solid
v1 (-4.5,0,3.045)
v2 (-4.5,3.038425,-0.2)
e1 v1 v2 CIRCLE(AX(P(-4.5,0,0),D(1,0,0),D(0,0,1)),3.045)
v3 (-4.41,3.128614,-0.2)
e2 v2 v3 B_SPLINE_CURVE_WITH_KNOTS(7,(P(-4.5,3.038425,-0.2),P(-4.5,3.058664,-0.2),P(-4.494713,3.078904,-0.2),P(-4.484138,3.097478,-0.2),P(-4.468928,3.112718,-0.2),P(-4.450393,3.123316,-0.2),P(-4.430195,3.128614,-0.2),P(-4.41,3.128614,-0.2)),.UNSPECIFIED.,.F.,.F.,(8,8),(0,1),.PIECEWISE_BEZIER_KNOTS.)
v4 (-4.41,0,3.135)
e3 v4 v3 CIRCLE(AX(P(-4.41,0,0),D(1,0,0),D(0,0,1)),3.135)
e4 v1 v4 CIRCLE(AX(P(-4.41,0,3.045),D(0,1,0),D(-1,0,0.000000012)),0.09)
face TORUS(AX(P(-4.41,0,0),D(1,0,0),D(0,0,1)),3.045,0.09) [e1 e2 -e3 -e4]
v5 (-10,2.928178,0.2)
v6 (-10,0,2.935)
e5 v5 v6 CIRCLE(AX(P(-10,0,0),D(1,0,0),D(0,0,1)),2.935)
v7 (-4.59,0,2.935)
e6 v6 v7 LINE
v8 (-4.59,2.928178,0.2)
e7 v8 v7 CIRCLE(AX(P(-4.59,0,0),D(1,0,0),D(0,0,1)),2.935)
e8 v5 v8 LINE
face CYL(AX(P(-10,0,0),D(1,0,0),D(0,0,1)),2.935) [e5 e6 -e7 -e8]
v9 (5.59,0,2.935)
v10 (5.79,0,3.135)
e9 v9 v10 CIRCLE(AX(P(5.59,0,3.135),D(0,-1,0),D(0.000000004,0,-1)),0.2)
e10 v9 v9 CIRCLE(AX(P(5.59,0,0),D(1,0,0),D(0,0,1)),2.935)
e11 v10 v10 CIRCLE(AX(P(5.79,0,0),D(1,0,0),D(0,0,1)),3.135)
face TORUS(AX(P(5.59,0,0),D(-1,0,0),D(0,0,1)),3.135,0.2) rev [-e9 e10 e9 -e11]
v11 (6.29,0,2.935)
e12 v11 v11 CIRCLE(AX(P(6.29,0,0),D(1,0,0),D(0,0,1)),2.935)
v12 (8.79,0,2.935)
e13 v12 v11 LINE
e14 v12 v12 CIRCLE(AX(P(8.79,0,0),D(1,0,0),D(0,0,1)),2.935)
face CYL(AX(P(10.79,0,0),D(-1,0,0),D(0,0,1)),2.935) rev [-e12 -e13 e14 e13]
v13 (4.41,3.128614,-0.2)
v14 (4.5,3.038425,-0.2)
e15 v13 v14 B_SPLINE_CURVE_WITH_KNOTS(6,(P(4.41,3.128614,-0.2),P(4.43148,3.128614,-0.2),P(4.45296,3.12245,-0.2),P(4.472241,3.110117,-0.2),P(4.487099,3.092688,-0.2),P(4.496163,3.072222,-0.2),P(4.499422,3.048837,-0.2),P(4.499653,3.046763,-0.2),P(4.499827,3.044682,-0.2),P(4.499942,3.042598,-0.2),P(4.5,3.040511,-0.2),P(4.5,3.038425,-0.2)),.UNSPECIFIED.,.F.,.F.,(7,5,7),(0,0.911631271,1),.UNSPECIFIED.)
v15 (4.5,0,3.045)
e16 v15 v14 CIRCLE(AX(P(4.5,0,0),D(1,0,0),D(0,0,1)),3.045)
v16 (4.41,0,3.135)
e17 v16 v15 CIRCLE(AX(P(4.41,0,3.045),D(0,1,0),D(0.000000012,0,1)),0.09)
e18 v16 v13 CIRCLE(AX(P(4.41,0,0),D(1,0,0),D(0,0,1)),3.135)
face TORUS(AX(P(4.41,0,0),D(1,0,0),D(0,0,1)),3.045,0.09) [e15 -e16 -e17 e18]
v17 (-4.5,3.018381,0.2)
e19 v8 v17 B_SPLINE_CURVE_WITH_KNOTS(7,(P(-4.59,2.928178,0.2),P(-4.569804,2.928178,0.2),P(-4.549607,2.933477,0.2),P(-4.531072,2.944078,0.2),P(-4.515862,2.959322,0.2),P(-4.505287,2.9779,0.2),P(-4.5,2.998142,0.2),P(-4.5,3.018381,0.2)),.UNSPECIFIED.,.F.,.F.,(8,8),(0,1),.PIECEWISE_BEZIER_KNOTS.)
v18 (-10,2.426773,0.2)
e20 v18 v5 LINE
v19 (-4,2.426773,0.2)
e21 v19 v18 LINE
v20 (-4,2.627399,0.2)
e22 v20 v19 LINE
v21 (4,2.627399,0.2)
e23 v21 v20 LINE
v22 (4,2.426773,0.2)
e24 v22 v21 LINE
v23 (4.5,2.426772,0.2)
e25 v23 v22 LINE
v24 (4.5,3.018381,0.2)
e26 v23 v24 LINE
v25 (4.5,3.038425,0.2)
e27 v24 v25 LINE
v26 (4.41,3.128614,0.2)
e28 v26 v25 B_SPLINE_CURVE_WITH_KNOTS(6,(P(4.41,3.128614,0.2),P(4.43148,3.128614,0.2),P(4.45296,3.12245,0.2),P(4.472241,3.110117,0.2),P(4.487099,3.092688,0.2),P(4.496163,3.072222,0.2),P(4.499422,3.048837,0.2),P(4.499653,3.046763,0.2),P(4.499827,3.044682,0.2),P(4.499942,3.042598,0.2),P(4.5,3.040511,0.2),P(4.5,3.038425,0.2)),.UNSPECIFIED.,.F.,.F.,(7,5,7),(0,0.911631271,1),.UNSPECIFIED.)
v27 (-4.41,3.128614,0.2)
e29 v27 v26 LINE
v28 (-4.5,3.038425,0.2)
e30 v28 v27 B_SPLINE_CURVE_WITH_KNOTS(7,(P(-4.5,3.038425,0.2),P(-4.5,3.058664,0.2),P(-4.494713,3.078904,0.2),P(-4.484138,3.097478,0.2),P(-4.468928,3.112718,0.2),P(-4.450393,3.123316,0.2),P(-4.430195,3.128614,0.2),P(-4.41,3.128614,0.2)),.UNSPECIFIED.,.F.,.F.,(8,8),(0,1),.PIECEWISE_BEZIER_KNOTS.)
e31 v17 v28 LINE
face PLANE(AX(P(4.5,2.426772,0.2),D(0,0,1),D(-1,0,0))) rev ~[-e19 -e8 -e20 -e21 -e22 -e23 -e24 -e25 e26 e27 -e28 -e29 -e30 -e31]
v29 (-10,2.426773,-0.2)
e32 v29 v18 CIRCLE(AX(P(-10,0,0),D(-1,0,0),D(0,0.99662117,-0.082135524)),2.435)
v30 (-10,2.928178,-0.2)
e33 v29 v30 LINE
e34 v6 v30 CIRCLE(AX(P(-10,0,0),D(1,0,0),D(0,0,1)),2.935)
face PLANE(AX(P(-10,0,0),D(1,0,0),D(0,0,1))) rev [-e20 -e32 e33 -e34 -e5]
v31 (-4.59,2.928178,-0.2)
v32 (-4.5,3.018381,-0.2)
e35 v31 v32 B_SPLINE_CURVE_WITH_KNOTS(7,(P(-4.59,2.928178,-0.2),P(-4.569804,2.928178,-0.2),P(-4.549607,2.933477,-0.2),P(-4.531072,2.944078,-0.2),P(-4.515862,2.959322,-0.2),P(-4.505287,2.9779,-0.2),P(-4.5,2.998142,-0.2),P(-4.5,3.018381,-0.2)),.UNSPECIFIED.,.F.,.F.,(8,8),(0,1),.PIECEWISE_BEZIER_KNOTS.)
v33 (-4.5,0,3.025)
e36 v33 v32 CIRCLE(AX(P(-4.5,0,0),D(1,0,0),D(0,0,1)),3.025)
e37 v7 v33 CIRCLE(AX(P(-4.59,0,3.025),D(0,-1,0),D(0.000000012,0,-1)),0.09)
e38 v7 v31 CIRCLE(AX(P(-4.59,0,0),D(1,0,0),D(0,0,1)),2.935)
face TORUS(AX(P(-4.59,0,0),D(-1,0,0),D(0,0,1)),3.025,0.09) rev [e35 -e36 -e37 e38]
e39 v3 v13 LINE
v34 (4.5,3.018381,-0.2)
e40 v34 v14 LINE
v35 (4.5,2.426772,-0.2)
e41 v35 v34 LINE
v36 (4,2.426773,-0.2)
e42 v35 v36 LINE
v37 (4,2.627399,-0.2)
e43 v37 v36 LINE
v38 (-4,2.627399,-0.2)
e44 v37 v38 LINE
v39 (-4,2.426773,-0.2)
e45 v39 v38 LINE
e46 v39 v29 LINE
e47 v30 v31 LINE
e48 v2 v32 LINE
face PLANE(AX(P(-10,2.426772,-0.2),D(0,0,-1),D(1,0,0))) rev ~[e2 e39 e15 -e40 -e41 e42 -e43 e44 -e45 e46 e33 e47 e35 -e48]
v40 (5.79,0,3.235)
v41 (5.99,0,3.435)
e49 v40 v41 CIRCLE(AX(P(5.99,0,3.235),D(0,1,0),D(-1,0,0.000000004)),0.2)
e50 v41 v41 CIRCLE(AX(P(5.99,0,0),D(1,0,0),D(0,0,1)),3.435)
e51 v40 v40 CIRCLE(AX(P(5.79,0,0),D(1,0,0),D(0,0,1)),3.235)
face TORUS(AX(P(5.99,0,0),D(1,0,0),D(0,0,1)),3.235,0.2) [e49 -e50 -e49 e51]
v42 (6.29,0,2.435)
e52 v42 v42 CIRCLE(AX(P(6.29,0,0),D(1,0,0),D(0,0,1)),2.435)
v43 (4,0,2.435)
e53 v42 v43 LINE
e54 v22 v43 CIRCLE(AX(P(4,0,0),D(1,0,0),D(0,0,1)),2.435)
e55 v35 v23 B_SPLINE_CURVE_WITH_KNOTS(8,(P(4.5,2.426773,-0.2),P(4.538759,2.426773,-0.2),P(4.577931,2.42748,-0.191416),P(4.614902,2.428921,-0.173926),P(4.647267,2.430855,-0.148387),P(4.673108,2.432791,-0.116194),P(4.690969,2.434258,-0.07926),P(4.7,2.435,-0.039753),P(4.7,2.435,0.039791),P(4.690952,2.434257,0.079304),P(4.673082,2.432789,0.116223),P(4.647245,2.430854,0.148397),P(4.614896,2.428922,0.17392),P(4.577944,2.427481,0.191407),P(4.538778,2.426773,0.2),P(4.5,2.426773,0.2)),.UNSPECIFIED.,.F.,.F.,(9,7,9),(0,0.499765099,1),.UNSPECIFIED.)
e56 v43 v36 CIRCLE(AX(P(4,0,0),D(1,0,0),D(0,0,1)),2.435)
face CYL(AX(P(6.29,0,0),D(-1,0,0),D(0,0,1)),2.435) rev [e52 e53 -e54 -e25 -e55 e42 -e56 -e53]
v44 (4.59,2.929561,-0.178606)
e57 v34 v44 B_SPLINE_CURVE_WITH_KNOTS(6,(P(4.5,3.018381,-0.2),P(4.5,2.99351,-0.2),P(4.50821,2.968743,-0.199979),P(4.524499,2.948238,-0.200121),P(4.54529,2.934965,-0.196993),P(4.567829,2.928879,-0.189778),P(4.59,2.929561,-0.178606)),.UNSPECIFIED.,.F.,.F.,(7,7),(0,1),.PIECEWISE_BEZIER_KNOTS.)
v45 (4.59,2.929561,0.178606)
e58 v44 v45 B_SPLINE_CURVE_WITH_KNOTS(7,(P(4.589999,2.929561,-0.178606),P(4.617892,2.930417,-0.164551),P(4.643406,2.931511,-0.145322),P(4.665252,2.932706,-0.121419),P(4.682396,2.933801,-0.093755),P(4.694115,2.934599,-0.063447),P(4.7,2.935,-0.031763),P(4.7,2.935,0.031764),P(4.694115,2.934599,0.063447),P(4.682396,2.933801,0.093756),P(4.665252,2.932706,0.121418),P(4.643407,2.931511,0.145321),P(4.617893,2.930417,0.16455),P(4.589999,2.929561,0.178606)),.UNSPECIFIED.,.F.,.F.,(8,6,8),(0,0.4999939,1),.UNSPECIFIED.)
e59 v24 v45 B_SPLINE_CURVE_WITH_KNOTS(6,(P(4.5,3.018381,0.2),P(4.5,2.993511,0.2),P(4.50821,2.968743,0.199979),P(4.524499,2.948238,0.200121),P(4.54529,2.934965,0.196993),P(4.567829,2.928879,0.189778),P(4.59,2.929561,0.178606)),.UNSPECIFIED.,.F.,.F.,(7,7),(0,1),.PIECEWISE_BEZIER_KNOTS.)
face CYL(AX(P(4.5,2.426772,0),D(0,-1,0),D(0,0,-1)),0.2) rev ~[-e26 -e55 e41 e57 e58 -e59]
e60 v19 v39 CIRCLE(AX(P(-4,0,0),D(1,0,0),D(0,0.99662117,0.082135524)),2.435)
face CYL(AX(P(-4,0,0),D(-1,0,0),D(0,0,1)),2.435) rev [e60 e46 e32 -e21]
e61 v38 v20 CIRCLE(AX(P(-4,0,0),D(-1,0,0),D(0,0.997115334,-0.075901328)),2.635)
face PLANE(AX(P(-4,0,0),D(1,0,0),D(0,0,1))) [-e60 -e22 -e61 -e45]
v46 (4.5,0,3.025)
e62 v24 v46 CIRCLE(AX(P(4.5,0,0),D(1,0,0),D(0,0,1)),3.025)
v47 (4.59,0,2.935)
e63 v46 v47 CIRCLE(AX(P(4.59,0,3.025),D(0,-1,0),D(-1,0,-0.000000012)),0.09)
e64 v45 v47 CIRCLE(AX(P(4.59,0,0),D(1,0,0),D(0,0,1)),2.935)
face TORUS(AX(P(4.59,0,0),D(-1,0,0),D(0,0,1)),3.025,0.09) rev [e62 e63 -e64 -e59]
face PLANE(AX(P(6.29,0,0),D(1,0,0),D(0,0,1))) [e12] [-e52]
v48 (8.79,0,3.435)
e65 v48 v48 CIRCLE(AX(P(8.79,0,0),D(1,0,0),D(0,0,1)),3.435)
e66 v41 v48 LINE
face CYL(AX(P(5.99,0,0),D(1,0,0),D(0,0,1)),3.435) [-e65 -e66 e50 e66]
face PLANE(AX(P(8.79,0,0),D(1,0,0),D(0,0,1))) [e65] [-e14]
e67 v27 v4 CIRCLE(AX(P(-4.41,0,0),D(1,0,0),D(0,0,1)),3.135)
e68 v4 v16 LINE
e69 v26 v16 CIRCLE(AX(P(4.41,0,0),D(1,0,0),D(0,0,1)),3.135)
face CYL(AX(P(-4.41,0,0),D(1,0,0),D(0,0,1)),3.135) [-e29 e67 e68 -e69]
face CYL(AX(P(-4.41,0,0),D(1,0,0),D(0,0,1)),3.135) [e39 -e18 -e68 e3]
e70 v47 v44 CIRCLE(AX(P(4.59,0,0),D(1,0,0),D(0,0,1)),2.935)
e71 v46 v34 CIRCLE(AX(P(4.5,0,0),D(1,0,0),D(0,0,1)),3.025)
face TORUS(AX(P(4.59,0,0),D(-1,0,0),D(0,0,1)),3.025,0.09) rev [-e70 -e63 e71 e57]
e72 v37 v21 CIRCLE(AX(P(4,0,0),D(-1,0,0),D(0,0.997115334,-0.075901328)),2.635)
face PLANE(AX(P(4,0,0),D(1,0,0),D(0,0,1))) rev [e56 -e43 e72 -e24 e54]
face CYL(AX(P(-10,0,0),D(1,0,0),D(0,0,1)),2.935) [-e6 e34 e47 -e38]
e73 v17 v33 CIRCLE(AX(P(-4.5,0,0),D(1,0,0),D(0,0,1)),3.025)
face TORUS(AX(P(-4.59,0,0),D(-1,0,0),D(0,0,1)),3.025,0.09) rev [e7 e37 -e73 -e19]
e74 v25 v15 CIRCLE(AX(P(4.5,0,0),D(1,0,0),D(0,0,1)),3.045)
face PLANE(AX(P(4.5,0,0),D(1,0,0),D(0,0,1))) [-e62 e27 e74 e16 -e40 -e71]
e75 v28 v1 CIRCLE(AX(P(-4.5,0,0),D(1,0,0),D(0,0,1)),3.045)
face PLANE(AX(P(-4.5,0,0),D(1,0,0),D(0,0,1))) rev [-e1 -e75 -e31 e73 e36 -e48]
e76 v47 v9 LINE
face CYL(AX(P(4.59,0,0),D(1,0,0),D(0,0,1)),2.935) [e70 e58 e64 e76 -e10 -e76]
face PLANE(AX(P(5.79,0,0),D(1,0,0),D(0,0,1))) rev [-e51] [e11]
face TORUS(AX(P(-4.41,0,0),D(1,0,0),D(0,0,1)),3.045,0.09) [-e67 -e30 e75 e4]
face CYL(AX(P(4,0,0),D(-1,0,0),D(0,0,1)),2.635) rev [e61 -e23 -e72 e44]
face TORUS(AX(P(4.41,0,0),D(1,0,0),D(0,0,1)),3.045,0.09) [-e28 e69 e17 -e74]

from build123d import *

# Parameters (mm, degrees)
CUT_EXTRUDE3_START = 2.426772
CUT_EXTRUDE3_DEPTH = 0.708228
SKETCH6_R          = 3.435
SKETCH6_R_2        = 2.935
CUT_EXTRUDE4_DEPTH = 2


with BuildPart() as part:
    # Sketch4 → Revolve2 (revolve)
    with BuildSketch(Plane.XY, mode=Mode.PRIVATE) as revolve2_sk:
        with BuildLine():
            Line((10.79, 2.935), (6.29, 2.935))
            Line((6.29, 2.935), (6.29, 2.435))
            Line((6.29, 2.435), (4, 2.435))
            Line((4, 2.435), (4, 2.635))
            Line((4, 2.635), (-4, 2.635))
            Line((-4, 2.635), (-4, 2.435))
            Line((-4, 2.435), (-10, 2.435))
            Line((-10, 2.435), (-10, 2.935))
            Line((-10, 2.935), (-4.59, 2.935))
            ThreePointArc((-4.59, 2.935), (-4.52636039, 2.96136039), (-4.5, 3.025))
            Line((-4.5, 3.025), (-4.5, 3.045))
            ThreePointArc((-4.5, 3.045), (-4.47363961, 3.10863961), (-4.41, 3.135))
            Line((-4.41, 3.135), (4.41, 3.135))
            ThreePointArc((4.41, 3.135), (4.47363961, 3.10863961), (4.5, 3.045))
            Line((4.5, 3.045), (4.5, 3.025))
            ThreePointArc((4.5, 3.025), (4.52636039, 2.96136039), (4.59, 2.935))
            Line((4.59, 2.935), (5.59, 2.935))
            ThreePointArc((5.59, 2.935), (5.731421356, 2.993578644), (5.79, 3.135))
            Line((5.79, 3.135), (5.79, 3.235))
            ThreePointArc((5.79, 3.235), (5.848578644, 3.376421356), (5.99, 3.435))
            Line((5.99, 3.435), (10.79, 3.435))
            Line((10.79, 3.435), (10.79, 2.935))
        make_face()
    revolve(revolve2_sk.sketch.rotate(Axis((-16.2, 0, 0), (1, 0, 0)), 90), axis=Axis((-16.2, 0, 0), (1, 0, 0)))

    # Sketch5 → Cut-Extrude3 (cut)
    with BuildSketch(Plane(origin=(0, 0, 0), x_dir=(1, 0, 0), z_dir=(0, 1, 0)).offset(CUT_EXTRUDE3_START)):
        with BuildLine():
            Line((-10, 0.2), (4.5, 0.2))
            ThreePointArc((4.5, 0.2), (4.7, 0), (4.5, -0.2))
            Line((4.5, -0.2), (-10, -0.2))
            Line((-10, -0.2), (-10, 0.2))
        make_face()
    extrude(amount=CUT_EXTRUDE3_DEPTH, mode=Mode.SUBTRACT)

    # Sketch6 → Cut-Extrude4 (cut)
    with BuildSketch(Plane(origin=(10.79, 0, 0), x_dir=(0, 0, -1), z_dir=(1, 0, 0))):
        with Locations(Location((0, 0, 0), (0, 0, 180))):
            Circle(SKETCH6_R)
        with Locations(Location((0, 0, 0), (0, 0, 180))):
            Circle(SKETCH6_R_2, mode=Mode.SUBTRACT)
    extrude(amount=-CUT_EXTRUDE4_DEPTH, mode=Mode.SUBTRACT)


solid = part.part
